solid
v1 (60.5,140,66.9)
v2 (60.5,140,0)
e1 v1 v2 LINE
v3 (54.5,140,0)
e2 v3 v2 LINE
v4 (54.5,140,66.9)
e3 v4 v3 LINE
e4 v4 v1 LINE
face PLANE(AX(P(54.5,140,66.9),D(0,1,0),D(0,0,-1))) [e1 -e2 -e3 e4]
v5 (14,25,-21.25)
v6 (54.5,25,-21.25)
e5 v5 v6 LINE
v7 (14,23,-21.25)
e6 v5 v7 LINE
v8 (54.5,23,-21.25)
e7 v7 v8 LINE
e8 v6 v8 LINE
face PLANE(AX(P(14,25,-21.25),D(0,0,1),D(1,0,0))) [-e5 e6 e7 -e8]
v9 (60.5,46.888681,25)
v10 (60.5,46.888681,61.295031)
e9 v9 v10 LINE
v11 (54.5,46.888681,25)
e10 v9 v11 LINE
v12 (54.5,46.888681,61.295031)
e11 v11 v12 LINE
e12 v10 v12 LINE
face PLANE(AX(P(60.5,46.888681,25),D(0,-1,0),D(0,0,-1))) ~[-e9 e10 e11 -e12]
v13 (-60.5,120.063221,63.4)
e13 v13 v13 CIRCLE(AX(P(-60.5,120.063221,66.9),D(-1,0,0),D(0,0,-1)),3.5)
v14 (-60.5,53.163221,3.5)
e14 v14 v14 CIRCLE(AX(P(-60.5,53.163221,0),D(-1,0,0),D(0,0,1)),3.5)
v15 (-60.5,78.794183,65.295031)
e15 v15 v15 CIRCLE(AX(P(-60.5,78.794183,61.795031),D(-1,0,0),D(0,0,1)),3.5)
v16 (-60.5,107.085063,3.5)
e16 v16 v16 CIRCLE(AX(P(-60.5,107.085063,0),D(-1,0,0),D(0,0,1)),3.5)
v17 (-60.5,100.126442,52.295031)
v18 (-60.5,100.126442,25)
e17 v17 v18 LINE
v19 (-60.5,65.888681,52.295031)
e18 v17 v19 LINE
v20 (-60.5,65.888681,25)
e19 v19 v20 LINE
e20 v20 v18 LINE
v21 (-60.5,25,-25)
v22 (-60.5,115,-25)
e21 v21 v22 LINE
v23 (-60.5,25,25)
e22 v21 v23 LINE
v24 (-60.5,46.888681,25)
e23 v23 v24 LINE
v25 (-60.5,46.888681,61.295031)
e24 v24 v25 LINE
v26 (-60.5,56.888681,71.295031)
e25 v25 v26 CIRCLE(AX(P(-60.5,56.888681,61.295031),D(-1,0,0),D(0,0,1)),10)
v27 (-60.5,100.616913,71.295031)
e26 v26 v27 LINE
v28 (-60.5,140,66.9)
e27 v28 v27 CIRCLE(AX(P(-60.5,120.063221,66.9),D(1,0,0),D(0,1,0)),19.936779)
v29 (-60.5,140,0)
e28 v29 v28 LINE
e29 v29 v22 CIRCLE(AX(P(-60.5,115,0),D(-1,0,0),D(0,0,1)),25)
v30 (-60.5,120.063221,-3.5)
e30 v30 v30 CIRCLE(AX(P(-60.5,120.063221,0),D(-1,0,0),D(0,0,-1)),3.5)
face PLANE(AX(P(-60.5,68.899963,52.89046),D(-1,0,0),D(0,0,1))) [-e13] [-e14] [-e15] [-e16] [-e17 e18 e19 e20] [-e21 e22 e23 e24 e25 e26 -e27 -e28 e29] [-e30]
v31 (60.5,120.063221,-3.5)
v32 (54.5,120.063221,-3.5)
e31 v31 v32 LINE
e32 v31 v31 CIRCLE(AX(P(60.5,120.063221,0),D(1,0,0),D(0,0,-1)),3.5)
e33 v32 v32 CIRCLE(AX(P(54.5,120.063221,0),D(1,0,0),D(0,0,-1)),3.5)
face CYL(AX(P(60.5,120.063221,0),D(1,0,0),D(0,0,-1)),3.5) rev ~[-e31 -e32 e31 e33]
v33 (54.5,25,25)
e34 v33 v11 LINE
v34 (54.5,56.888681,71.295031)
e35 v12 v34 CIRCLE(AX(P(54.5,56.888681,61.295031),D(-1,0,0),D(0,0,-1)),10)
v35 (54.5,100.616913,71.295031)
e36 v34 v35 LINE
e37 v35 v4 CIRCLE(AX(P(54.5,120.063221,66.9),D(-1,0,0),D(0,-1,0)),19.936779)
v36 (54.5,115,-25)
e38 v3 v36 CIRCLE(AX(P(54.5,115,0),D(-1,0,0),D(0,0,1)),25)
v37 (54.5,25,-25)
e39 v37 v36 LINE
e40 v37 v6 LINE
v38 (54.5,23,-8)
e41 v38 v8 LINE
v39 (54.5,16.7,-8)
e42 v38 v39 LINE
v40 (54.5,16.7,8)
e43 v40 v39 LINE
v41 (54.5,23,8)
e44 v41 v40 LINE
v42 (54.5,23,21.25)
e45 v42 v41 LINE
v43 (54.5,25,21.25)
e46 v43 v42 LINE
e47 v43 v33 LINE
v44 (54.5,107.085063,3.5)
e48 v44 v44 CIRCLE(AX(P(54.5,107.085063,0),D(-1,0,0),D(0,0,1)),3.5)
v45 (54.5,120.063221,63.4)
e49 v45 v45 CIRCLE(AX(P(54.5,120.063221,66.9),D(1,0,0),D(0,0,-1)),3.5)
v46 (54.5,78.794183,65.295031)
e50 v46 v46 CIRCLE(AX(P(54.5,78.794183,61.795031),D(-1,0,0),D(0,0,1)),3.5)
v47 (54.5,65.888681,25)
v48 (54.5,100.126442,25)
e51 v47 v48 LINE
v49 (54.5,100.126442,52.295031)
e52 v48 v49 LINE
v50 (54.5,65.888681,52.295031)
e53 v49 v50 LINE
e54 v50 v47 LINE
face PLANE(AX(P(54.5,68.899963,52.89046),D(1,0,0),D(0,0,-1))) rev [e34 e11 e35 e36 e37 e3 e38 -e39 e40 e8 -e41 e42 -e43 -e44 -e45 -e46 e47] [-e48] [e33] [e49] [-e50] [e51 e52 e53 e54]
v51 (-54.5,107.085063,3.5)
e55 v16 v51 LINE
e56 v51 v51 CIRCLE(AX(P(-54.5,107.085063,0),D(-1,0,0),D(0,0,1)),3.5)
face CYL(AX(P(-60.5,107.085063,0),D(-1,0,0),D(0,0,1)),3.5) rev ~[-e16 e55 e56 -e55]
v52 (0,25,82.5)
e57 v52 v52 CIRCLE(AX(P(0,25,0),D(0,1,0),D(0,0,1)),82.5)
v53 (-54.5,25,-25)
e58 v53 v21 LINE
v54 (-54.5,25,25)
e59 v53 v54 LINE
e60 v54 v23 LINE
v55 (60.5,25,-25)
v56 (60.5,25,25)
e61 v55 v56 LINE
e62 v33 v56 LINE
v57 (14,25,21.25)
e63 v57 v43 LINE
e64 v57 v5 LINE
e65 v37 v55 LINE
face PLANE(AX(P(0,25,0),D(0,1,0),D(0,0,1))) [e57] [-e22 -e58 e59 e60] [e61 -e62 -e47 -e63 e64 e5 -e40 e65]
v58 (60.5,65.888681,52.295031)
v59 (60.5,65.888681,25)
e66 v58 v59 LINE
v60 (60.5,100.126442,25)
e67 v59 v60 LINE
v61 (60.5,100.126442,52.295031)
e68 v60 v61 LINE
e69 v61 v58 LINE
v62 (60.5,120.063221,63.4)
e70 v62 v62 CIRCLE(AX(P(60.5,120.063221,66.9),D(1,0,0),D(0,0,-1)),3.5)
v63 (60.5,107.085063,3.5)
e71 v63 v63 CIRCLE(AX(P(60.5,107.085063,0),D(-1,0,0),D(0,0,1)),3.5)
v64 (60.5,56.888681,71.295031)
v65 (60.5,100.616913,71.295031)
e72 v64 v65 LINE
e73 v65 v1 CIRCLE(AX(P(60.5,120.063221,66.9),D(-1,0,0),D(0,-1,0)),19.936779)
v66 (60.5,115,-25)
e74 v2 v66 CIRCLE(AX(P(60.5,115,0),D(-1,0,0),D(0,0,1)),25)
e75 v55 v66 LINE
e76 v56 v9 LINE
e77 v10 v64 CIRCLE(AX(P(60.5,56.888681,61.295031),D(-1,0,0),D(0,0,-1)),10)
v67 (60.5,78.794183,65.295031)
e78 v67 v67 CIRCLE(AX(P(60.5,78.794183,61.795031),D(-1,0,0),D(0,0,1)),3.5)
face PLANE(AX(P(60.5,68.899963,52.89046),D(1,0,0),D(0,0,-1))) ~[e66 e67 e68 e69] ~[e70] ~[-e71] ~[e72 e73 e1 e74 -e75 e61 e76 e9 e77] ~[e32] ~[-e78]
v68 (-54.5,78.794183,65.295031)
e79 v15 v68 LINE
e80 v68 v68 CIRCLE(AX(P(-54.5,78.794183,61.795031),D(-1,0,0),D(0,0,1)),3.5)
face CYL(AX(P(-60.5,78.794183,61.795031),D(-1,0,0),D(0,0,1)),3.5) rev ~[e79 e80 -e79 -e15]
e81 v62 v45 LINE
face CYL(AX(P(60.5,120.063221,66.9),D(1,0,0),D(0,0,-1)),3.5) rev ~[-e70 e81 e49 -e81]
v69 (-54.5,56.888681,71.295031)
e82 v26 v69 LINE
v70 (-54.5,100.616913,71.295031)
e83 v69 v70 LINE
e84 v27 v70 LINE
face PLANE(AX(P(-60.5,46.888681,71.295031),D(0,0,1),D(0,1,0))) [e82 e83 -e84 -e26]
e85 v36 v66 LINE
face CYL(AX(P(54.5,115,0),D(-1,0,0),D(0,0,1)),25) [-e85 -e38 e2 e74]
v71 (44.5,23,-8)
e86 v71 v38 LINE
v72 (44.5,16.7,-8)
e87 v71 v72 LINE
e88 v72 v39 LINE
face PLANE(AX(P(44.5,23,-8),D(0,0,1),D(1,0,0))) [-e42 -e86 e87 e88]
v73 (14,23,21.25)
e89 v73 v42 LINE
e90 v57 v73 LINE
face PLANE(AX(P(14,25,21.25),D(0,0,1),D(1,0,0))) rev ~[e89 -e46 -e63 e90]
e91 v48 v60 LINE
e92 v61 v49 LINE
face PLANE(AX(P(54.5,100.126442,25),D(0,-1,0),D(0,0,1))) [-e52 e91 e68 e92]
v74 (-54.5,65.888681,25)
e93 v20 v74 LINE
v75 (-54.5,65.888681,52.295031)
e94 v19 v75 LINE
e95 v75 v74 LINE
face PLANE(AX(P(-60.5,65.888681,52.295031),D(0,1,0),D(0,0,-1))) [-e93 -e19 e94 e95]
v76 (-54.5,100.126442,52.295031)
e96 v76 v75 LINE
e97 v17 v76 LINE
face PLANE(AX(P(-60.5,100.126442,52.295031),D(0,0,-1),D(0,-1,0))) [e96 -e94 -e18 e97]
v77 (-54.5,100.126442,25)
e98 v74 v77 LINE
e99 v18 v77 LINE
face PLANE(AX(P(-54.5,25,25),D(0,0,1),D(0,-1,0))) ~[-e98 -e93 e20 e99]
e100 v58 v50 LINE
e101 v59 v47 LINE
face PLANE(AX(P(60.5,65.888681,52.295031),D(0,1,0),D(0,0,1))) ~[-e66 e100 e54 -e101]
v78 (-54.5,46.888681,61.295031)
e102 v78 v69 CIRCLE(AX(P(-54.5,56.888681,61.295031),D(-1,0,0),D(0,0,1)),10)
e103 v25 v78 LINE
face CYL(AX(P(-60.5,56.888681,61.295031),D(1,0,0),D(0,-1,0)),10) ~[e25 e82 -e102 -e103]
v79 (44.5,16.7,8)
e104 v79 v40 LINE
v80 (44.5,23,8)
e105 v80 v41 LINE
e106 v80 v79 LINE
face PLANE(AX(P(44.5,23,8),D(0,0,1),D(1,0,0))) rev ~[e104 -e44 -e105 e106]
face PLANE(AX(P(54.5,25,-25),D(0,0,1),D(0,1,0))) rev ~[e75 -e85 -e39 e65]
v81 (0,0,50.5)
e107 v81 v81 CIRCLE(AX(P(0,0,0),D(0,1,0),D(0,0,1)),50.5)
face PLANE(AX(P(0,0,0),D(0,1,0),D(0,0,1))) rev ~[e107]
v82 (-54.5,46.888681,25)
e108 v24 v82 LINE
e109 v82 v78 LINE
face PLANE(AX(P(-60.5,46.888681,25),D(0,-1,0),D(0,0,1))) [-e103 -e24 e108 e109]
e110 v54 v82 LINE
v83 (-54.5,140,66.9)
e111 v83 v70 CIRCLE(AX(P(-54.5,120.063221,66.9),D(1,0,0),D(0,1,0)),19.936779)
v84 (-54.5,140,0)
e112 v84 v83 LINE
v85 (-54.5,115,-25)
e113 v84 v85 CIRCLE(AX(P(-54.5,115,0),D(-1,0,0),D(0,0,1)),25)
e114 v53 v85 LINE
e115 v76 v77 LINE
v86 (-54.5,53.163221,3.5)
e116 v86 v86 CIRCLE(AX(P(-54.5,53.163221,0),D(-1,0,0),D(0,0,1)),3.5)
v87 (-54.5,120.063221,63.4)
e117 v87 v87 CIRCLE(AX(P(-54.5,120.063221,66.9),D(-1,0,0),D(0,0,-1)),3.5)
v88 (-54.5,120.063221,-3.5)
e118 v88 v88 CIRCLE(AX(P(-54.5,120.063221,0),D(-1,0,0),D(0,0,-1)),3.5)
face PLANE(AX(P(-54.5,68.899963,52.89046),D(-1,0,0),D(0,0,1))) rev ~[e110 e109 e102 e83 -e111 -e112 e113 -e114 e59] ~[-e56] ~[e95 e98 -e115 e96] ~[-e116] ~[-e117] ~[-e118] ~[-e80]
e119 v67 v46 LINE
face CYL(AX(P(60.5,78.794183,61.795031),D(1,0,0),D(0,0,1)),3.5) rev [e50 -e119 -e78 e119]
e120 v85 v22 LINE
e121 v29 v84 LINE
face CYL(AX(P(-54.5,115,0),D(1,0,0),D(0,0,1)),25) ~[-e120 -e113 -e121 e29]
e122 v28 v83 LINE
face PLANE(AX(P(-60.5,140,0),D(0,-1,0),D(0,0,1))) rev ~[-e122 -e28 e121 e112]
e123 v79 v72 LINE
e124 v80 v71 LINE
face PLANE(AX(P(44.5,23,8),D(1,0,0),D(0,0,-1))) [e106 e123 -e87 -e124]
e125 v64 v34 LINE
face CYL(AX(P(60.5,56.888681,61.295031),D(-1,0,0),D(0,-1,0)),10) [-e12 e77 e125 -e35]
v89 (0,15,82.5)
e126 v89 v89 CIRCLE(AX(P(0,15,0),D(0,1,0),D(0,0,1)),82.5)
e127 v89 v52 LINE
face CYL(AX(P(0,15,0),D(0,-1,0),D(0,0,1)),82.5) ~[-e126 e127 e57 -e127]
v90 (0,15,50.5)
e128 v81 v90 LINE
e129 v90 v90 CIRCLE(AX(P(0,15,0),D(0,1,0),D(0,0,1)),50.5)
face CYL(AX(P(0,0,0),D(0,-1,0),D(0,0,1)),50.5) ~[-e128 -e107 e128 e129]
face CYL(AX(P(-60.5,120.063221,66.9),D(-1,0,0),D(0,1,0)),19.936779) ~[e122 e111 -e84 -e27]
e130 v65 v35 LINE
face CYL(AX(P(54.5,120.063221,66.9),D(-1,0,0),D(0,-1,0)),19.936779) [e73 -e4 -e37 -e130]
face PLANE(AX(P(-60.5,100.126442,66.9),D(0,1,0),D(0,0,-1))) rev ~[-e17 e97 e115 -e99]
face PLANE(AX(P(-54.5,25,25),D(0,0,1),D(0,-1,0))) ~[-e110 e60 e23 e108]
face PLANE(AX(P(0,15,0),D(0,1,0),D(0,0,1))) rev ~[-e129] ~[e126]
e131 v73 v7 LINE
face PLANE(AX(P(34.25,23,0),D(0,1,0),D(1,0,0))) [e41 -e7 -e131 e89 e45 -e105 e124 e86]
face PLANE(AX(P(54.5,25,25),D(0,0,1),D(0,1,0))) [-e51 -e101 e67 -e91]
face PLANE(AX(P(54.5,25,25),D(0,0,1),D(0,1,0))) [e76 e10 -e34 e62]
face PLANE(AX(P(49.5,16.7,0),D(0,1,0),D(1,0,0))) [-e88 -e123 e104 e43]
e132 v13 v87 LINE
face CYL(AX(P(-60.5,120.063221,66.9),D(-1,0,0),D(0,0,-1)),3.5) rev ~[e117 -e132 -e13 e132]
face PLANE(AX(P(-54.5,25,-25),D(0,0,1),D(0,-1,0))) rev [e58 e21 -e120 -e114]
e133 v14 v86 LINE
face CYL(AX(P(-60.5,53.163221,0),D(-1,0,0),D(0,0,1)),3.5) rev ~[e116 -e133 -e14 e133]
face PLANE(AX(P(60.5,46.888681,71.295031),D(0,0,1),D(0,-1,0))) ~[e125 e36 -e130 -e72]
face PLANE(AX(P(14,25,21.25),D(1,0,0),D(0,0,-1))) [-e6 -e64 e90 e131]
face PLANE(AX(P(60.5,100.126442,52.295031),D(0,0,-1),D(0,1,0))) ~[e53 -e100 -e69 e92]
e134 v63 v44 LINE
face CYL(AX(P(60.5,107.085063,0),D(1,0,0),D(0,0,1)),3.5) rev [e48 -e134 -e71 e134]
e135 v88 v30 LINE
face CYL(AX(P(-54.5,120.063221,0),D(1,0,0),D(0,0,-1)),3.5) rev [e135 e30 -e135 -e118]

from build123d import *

# Parameters (mm, degrees)
ESQUISSE1_R             = 50.5
BOSS_EXTRU_1_DEPTH      = 15
ESQUISSE2_R             = 82.5
BOSS_EXTRU_2_DEPTH      = 10
ESQUISSE3_W             = 40.5
ESQUISSE3_H             = 42.5
ENL_V_MAT_EXTRU_1_DEPTH = 2
ESQUISSE4_W             = 10
ESQUISSE4_H             = 16
ENL_V_MAT_EXTRU_2_DEPTH = 6.3
ESQUISSE5_W             = 50
ESQUISSE5_H             = 90
BOSS_EXTRU_3_DEPTH      = 6
BOSS_EXTRU_4_DEPTH      = 6
ESQUISSE7_R             = 3.5
ENL_V_MAT_EXTRU_3_DEPTH = 10
ESQUISSE8_R             = 3.5
ENL_V_MAT_EXTRU_4_DEPTH = 6
ESQUISSE9_R             = 3.5
BOSS_EXTRU_5_DEPTH      = 6
ENL_V_START             = -6
ESQUISSE10_R            = 3.5
ENL_V_MAT_EXTRU_5_DEPTH = 6
ESQUISSE13_R            = 3.5
ENL_V_MAT_EXTRU_6_DEPTH = 10
ESQUISSE17_R            = 3.5
ENL_V_MAT_EXTRU_7_DEPTH = 6
ESQUISSE19_R            = 3.5
BOSS_EXTRU_8_DEPTH      = 6
CONG_1_R                = 10
CONG_1_OF_SYM_TRIE4_R   = 10


with BuildPart() as part:
    # Esquisse1 → Boss.-Extru.1 (new body)
    with BuildSketch(Plane(origin=(0, 0, 0), x_dir=(1, 0, 0), z_dir=(0, 1, 0))):
        with Locations(Location((0, 0, 0), (0, 0, 270))):
            Circle(ESQUISSE1_R)
    extrude(amount=BOSS_EXTRU_1_DEPTH)

    # Esquisse2 → Boss.-Extru.2 (add)
    with BuildSketch(Plane(origin=(0, 15, 0), x_dir=(1, 0, 0), z_dir=(0, 1, 0))):
        with Locations(Location((0, 0, 0), (0, 0, 270))):
            Circle(ESQUISSE2_R)
    extrude(amount=BOSS_EXTRU_2_DEPTH)

    # Esquisse3 → Enlèv. mat.-Extru.1 (cut)
    with BuildSketch(Plane(origin=(0, 25, 0), x_dir=(1, 0, 0), z_dir=(0, 1, 0))):
        with Locations((34.25, 0)):
            Rectangle(ESQUISSE3_W, ESQUISSE3_H)
    extrude(amount=-ENL_V_MAT_EXTRU_1_DEPTH, mode=Mode.SUBTRACT)

    # Esquisse4 → Enlèv. mat.-Extru.2 (cut)
    with BuildSketch(Plane(origin=(0, 23, 0), x_dir=(1, 0, 0), z_dir=(0, 1, 0))):
        with Locations((49.5, 0)):
            Rectangle(ESQUISSE4_W, ESQUISSE4_H)
    extrude(amount=-ENL_V_MAT_EXTRU_2_DEPTH, mode=Mode.SUBTRACT)

    # Esquisse5 → Boss.-Extru.3 (add)
    with BuildSketch(Plane.ZY.offset(-54.5)):
        with Locations((0, 70)):
            Rectangle(ESQUISSE5_W, ESQUISSE5_H)
        with BuildLine():
            ThreePointArc((25, 115), (0, 140), (-25, 115))
            Line((-25, 115), (25, 115))
        make_face()
    boss_extru_3 = extrude(amount=-BOSS_EXTRU_3_DEPTH)

    # Symétrie1: Boss.-Extru.3 across plane
    add(boss_extru_3.mirror(Plane(origin=(0, 0, 0), x_dir=(0, 0, 1), z_dir=(1, 0, 0))))

    # Esquisse6 → Boss.-Extru.4 (add)
    with BuildSketch(Plane.ZY.offset(-54.5)):
        with BuildLine():
            Line((66.9, 140), (0, 140))
            ThreePointArc((0, 140), (17.67766953, 132.67766953), (25, 115))
            Line((25, 115), (25, 100.126441606))
            Line((25, 100.126441606), (66.9, 100.126441606))
            Line((66.9, 100.126441606), (66.9, 140))
        make_face()
        with BuildLine():
            Line((66.9, 140), (66.9, 100.126441606))
            ThreePointArc((66.9, 100.126441606), (86.836779197, 120.063220803), (66.9, 140))
        make_face()
    extrude(amount=-BOSS_EXTRU_4_DEPTH)

    # Esquisse7 → Enlèv. mat.-Extru.3 (cut)
    with BuildSketch(Plane(origin=(60.5, 0, 0), x_dir=(0, 0, -1), z_dir=(1, 0, 0))):
        with Locations((-66.9, 120.063220803)):
            Circle(ESQUISSE7_R)
    extrude(amount=-ENL_V_MAT_EXTRU_3_DEPTH, mode=Mode.SUBTRACT)

    # Esquisse8 → Enlèv. mat.-Extru.4 (cut)
    with BuildSketch(Plane(origin=(60.5, 0, 0), x_dir=(0, 0, -1), z_dir=(1, 0, 0))):
        with Locations((0, 120.063220803)):
            Circle(ESQUISSE8_R)
    extrude(amount=-ENL_V_MAT_EXTRU_4_DEPTH, mode=Mode.SUBTRACT)

    # Esquisse9 → Boss.-Extru.5 (add)
    with BuildSketch(Plane.ZY.offset(60.5)):
        with BuildLine():
            Line((0, 140), (66.9, 140))
            ThreePointArc((66.9, 140), (86.836779197, 120.063220803), (66.9, 100.126441606))
            Line((66.9, 100.126441606), (25, 100.126441606))
            Line((25, 100.126441606), (25, 115))
            ThreePointArc((25, 115), (17.67766953, 132.67766953), (0, 140))
        make_face()
        with Locations(Location((66.9, 120.063220803, 0), (0, 0, 180))):
            Circle(ESQUISSE9_R, mode=Mode.SUBTRACT)
    extrude(amount=-BOSS_EXTRU_5_DEPTH)

    # Esquisse10 → Enlèv. mat.-Extru.5 (cut)
    with BuildSketch(Plane.ZY.offset(60.5).offset(ENL_V_START)):
        with Locations(Location((0, 120.063220803, 0), (0, 0, 180))):
            Circle(ESQUISSE10_R)
    extrude(amount=ENL_V_MAT_EXTRU_5_DEPTH, mode=Mode.SUBTRACT)

    # Esquisse13 → Enlèv. mat.-Extru.6 (cut)
    with BuildSketch(Plane.ZY.offset(60.5)):
        with Locations((0, 53.163220803)):
            Circle(ESQUISSE13_R)
    extrude(amount=-ENL_V_MAT_EXTRU_6_DEPTH, mode=Mode.SUBTRACT)

    # Esquisse17 → Enlèv. mat.-Extru.7 (cut)
    with BuildSketch(Plane.ZY.offset(60.5)):
        with Locations((0, 107.085063293)):
            Circle(ESQUISSE17_R)
    enl_v_mat_extru_7 = extrude(amount=-ENL_V_MAT_EXTRU_7_DEPTH, mode=Mode.SUBTRACT)

    # Esquisse19 → Boss.-Extru.8 (add)
    # profile 1 of 2: a face of its own
    with BuildSketch(Plane.ZY.offset(60.5)):
        with Locations((0, 61.406086298)):
            Circle(ESQUISSE19_R)
    # profile 2 of 2: a face of its own
    with BuildSketch(Plane.ZY.offset(60.5)):
        with BuildLine():
            Line((25, 46.888681), (71.2950306, 46.888681))
            Line((71.2950306, 46.888681), (71.2950306, 100.616913422))
            ThreePointArc((71.2950306, 100.616913422), (69.111156744, 100.249438968), (66.9, 100.126441606))
            Line((66.9, 100.126441606), (52.2950306, 100.126441606))
            Line((52.2950306, 100.126441606), (52.2950306, 65.888681))
            Line((52.2950306, 65.888681), (25, 65.888681))
            Line((25, 65.888681), (25, 46.888681))
        make_face()
        with Locations((61.7950306, 78.794182581)):
            Circle(ESQUISSE19_R, mode=Mode.SUBTRACT)
    boss_extru_8 = extrude(amount=-BOSS_EXTRU_8_DEPTH)

    # Congé1
    cong_1_edges = [part.edges().sort_by_distance(p)[0] for p in [
        (-57.5, 46.888681, 71.2950306),
    ]]
    fillet(cong_1_edges, radius=CONG_1_R)

    # Symétrie4: Enlèv. mat.-Extru.7, Boss.-Extru.8 across plane
    add(enl_v_mat_extru_7.mirror(Plane(origin=(0, 0, 0), x_dir=(0, 0, 1), z_dir=(1, 0, 0))), mode=Mode.SUBTRACT)
    add(boss_extru_8.mirror(Plane(origin=(0, 0, 0), x_dir=(0, 0, 1), z_dir=(1, 0, 0))))

    # Congé1 of Symétrie4
    cong_1_of_sym_trie4_edges = [part.edges().sort_by_distance(p)[0] for p in [
        (57.5, 46.888681, 71.2950306),
    ]]
    fillet(cong_1_of_sym_trie4_edges, radius=CONG_1_OF_SYM_TRIE4_R)


solid = part.part
